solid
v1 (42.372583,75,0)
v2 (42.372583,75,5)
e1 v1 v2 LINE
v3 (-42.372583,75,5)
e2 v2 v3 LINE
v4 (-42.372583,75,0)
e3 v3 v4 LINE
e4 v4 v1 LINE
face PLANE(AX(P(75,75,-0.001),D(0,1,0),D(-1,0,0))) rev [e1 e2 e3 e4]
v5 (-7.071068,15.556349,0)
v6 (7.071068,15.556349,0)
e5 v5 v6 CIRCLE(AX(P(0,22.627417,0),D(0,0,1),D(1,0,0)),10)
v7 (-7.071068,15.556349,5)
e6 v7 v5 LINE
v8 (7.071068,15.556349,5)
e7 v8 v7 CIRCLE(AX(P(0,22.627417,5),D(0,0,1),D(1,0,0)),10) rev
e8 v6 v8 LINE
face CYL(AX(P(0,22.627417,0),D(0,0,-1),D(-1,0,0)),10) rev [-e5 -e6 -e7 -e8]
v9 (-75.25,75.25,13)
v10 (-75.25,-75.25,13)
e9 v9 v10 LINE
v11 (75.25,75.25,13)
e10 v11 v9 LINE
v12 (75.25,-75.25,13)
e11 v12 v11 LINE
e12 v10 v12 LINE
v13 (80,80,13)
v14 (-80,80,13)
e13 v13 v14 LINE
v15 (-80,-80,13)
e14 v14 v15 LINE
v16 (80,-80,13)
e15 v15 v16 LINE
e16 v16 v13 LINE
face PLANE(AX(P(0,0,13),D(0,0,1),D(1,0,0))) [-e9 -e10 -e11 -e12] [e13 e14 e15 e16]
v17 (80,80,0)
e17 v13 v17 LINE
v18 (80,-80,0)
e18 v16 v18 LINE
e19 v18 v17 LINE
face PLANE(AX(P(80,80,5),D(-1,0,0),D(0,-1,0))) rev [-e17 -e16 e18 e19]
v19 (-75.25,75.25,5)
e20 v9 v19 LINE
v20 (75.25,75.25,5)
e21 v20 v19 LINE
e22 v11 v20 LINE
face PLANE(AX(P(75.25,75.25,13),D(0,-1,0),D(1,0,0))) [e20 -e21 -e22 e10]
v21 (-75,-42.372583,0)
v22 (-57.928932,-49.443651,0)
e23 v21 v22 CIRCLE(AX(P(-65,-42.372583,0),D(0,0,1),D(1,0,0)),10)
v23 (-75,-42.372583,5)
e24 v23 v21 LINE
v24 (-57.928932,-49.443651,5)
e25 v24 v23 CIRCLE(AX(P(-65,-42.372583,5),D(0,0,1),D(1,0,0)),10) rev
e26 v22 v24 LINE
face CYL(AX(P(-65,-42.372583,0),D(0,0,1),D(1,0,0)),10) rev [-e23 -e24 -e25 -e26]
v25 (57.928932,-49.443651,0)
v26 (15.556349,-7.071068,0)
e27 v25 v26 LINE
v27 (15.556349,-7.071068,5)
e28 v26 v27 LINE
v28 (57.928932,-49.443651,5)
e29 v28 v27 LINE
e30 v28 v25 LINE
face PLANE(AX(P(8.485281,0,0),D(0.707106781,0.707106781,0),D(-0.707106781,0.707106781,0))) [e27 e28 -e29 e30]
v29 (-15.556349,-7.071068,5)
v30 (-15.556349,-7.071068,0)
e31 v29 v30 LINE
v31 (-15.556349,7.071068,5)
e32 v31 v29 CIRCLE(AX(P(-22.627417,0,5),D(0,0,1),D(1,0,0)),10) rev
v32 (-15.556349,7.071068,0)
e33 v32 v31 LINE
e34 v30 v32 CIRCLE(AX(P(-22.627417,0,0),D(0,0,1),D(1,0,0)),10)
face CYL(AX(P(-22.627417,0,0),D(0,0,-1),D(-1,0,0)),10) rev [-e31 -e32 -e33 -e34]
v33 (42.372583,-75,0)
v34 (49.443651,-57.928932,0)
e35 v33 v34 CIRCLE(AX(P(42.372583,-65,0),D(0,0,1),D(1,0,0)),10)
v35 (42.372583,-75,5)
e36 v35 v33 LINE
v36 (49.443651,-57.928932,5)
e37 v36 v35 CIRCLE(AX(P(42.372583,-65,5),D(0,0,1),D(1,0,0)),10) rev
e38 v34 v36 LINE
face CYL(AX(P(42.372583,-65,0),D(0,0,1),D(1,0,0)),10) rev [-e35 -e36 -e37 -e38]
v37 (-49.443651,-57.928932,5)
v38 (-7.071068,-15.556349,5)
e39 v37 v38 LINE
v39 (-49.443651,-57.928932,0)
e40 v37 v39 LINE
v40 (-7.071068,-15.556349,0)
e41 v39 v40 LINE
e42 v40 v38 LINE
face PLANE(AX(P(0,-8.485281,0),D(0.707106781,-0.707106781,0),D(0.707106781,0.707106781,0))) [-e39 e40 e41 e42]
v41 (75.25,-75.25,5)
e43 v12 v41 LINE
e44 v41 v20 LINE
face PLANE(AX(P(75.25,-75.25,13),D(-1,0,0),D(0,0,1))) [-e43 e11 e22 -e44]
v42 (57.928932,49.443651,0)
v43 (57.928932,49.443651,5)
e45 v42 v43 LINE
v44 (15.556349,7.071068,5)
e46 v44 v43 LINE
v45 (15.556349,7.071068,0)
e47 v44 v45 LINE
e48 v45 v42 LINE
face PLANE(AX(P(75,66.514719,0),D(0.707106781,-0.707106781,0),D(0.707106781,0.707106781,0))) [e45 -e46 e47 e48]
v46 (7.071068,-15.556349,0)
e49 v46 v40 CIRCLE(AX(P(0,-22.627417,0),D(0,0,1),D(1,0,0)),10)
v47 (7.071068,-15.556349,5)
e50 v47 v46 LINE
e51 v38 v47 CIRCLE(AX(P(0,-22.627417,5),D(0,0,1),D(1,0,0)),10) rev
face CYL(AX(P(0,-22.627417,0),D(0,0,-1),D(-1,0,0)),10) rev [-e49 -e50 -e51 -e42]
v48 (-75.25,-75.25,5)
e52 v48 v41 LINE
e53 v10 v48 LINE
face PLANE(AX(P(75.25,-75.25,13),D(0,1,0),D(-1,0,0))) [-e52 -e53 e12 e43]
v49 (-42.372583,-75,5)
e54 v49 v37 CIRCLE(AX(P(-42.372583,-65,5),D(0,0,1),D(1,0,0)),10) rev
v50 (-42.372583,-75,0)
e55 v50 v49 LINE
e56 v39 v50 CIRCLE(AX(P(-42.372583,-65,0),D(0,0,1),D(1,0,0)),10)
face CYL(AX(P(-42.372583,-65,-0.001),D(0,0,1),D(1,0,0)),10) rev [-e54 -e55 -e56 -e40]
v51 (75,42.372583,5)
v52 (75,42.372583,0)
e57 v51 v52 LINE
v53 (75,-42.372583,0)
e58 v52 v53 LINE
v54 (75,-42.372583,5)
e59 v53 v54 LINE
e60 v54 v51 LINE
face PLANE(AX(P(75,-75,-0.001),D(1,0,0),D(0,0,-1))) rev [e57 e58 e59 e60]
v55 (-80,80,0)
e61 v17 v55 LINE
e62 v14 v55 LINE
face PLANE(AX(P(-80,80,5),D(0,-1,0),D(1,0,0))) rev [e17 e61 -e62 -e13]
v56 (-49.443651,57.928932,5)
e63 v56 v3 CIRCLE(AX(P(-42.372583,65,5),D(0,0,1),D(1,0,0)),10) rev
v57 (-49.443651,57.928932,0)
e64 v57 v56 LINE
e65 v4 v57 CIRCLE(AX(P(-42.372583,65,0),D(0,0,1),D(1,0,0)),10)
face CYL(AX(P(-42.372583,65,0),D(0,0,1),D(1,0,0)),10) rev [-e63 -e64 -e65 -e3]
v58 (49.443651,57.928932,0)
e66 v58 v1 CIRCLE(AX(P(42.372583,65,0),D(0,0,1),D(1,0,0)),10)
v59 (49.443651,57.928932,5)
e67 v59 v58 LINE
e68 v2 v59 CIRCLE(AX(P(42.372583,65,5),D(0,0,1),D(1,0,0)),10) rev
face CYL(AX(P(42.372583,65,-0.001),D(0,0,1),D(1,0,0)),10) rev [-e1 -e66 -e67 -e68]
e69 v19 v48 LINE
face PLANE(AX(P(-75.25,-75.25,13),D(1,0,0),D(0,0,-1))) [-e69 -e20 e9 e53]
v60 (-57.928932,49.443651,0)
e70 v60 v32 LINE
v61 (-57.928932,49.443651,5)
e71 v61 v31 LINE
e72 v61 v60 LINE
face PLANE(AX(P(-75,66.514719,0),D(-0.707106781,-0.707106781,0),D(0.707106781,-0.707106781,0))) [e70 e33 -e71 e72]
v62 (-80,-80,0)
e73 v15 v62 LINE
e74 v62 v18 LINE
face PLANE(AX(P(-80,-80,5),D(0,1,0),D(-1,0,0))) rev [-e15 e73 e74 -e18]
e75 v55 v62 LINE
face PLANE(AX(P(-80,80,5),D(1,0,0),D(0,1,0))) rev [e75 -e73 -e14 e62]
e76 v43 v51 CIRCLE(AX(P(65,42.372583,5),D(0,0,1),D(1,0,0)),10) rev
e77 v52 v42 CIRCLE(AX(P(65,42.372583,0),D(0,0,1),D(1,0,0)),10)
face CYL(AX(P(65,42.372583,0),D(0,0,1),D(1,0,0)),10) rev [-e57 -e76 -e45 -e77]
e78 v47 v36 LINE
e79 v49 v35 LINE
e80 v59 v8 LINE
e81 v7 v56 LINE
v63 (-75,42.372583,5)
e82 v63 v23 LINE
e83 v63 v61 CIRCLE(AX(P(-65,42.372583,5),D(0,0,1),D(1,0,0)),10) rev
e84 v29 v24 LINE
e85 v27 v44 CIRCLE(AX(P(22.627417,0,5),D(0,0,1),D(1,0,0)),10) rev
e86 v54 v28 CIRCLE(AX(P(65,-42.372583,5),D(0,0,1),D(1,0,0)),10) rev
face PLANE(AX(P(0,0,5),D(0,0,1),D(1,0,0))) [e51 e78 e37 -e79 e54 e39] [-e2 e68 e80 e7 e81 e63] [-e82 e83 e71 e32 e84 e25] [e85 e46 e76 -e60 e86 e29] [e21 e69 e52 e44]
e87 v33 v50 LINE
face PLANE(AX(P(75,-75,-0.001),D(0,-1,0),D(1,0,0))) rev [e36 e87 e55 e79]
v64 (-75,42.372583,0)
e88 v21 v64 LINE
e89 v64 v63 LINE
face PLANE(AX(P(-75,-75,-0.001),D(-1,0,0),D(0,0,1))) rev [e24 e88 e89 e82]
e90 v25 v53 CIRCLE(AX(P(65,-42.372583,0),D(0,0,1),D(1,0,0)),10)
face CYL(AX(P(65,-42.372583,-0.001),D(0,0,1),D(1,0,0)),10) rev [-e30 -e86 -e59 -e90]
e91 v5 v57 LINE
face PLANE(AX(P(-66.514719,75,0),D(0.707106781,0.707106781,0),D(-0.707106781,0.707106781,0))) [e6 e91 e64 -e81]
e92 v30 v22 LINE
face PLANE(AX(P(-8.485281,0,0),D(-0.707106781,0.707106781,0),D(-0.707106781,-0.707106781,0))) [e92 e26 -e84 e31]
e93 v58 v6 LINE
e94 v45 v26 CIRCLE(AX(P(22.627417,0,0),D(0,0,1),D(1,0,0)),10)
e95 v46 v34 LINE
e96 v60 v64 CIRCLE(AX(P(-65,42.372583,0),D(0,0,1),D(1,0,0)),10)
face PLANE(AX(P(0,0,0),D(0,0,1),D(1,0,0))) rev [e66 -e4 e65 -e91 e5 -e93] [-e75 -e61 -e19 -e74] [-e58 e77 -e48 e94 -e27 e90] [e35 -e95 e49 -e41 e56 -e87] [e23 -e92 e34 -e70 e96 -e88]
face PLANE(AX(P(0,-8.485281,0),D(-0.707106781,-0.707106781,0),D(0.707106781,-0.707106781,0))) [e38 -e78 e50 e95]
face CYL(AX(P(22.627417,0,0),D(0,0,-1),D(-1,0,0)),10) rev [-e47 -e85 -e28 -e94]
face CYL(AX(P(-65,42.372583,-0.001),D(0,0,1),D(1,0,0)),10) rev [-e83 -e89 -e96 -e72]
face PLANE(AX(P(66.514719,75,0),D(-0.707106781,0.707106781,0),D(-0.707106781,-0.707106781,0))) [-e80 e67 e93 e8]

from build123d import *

# Parameters (mm, degrees)
SKETCH2_W           = 160
SKETCH2_H           = 160
BOSS_EXTRUDE1_DEPTH = 5
CUT_EXTRUDE1_REACH  = 115.248
SKETCH3_W           = 150
SKETCH3_H           = 150
BOSS_EXTRUDE2_DEPTH = 5
SKETCH5_W           = 160
SKETCH5_H           = 160
SKETCH5_W_2         = 150.5
SKETCH5_H_2         = 150.5
BOSS_EXTRUDE3_DEPTH = 8
FILLET1_R           = 10


with BuildPart() as part:
    # Sketch2 → Boss-Extrude1 (new body)
    with BuildSketch(Plane.XY):
        Rectangle(SKETCH2_W, SKETCH2_H)
    extrude(amount=BOSS_EXTRUDE1_DEPTH)

    # Sketch3 → Cut-Extrude1 (cut, up to next)
    with BuildSketch(Plane.XY.offset(5), mode=Mode.PRIVATE) as cut_extrude1_sk1:
        Rectangle(SKETCH3_W, SKETCH3_H)
    cut_extrude1_tool1 = extrude(cut_extrude1_sk1.sketch, amount=-CUT_EXTRUDE1_REACH, mode=Mode.PRIVATE) & part.part
    add(cut_extrude1_tool1.solids().sort_by_distance((0, 0, 5))[0], mode=Mode.SUBTRACT)

    # Sketch4 → Boss-Extrude2 (add)
    with BuildSketch(Plane.XY.offset(5)):
        Polygon((66.514718626, 75), (0, 8.485281374), (-66.514718626, 75), (-75, 75), (-75, 66.514718626), (-8.485281374, 0), (-75, -66.514718626), (-75, -75), (-66.514718626, -75), (0, -8.485281374), (66.514718626, -75), (75, -75), (75, -66.514718626), (8.485281374, 0), (75, 66.514718626), (75, 75), align=None)
    extrude(amount=-BOSS_EXTRUDE2_DEPTH)

    # Sketch5 → Boss-Extrude3 (add)
    with BuildSketch(Plane.XY.offset(5)):
        Rectangle(SKETCH5_W, SKETCH5_H)
        Rectangle(SKETCH5_W_2, SKETCH5_H_2, mode=Mode.SUBTRACT)
    extrude(amount=BOSS_EXTRUDE3_DEPTH)

    # Fillet1
    fillet1_edges = [part.edges().sort_by_distance(p)[0] for p in [
        (-66.514718626, 75, 2.5),
        (0, 8.485281374, 2.5),
        (66.514718626, 75, 2.5),
        (75, 66.514718626, 2.5),
        (8.485281374, 0, 2.5),
        (75, -66.514718626, 2.5),
        (66.514718626, -75, 2.5),
        (0, -8.485281374, 2.5),
        (-66.514718626, -75, 2.5),
        (-75, -66.514718626, 2.5),
        (-8.485281374, 0, 2.5),
        (-75, 66.514718626, 2.5),
    ]]
    fillet(fillet1_edges, radius=FILLET1_R)


solid = part.part
